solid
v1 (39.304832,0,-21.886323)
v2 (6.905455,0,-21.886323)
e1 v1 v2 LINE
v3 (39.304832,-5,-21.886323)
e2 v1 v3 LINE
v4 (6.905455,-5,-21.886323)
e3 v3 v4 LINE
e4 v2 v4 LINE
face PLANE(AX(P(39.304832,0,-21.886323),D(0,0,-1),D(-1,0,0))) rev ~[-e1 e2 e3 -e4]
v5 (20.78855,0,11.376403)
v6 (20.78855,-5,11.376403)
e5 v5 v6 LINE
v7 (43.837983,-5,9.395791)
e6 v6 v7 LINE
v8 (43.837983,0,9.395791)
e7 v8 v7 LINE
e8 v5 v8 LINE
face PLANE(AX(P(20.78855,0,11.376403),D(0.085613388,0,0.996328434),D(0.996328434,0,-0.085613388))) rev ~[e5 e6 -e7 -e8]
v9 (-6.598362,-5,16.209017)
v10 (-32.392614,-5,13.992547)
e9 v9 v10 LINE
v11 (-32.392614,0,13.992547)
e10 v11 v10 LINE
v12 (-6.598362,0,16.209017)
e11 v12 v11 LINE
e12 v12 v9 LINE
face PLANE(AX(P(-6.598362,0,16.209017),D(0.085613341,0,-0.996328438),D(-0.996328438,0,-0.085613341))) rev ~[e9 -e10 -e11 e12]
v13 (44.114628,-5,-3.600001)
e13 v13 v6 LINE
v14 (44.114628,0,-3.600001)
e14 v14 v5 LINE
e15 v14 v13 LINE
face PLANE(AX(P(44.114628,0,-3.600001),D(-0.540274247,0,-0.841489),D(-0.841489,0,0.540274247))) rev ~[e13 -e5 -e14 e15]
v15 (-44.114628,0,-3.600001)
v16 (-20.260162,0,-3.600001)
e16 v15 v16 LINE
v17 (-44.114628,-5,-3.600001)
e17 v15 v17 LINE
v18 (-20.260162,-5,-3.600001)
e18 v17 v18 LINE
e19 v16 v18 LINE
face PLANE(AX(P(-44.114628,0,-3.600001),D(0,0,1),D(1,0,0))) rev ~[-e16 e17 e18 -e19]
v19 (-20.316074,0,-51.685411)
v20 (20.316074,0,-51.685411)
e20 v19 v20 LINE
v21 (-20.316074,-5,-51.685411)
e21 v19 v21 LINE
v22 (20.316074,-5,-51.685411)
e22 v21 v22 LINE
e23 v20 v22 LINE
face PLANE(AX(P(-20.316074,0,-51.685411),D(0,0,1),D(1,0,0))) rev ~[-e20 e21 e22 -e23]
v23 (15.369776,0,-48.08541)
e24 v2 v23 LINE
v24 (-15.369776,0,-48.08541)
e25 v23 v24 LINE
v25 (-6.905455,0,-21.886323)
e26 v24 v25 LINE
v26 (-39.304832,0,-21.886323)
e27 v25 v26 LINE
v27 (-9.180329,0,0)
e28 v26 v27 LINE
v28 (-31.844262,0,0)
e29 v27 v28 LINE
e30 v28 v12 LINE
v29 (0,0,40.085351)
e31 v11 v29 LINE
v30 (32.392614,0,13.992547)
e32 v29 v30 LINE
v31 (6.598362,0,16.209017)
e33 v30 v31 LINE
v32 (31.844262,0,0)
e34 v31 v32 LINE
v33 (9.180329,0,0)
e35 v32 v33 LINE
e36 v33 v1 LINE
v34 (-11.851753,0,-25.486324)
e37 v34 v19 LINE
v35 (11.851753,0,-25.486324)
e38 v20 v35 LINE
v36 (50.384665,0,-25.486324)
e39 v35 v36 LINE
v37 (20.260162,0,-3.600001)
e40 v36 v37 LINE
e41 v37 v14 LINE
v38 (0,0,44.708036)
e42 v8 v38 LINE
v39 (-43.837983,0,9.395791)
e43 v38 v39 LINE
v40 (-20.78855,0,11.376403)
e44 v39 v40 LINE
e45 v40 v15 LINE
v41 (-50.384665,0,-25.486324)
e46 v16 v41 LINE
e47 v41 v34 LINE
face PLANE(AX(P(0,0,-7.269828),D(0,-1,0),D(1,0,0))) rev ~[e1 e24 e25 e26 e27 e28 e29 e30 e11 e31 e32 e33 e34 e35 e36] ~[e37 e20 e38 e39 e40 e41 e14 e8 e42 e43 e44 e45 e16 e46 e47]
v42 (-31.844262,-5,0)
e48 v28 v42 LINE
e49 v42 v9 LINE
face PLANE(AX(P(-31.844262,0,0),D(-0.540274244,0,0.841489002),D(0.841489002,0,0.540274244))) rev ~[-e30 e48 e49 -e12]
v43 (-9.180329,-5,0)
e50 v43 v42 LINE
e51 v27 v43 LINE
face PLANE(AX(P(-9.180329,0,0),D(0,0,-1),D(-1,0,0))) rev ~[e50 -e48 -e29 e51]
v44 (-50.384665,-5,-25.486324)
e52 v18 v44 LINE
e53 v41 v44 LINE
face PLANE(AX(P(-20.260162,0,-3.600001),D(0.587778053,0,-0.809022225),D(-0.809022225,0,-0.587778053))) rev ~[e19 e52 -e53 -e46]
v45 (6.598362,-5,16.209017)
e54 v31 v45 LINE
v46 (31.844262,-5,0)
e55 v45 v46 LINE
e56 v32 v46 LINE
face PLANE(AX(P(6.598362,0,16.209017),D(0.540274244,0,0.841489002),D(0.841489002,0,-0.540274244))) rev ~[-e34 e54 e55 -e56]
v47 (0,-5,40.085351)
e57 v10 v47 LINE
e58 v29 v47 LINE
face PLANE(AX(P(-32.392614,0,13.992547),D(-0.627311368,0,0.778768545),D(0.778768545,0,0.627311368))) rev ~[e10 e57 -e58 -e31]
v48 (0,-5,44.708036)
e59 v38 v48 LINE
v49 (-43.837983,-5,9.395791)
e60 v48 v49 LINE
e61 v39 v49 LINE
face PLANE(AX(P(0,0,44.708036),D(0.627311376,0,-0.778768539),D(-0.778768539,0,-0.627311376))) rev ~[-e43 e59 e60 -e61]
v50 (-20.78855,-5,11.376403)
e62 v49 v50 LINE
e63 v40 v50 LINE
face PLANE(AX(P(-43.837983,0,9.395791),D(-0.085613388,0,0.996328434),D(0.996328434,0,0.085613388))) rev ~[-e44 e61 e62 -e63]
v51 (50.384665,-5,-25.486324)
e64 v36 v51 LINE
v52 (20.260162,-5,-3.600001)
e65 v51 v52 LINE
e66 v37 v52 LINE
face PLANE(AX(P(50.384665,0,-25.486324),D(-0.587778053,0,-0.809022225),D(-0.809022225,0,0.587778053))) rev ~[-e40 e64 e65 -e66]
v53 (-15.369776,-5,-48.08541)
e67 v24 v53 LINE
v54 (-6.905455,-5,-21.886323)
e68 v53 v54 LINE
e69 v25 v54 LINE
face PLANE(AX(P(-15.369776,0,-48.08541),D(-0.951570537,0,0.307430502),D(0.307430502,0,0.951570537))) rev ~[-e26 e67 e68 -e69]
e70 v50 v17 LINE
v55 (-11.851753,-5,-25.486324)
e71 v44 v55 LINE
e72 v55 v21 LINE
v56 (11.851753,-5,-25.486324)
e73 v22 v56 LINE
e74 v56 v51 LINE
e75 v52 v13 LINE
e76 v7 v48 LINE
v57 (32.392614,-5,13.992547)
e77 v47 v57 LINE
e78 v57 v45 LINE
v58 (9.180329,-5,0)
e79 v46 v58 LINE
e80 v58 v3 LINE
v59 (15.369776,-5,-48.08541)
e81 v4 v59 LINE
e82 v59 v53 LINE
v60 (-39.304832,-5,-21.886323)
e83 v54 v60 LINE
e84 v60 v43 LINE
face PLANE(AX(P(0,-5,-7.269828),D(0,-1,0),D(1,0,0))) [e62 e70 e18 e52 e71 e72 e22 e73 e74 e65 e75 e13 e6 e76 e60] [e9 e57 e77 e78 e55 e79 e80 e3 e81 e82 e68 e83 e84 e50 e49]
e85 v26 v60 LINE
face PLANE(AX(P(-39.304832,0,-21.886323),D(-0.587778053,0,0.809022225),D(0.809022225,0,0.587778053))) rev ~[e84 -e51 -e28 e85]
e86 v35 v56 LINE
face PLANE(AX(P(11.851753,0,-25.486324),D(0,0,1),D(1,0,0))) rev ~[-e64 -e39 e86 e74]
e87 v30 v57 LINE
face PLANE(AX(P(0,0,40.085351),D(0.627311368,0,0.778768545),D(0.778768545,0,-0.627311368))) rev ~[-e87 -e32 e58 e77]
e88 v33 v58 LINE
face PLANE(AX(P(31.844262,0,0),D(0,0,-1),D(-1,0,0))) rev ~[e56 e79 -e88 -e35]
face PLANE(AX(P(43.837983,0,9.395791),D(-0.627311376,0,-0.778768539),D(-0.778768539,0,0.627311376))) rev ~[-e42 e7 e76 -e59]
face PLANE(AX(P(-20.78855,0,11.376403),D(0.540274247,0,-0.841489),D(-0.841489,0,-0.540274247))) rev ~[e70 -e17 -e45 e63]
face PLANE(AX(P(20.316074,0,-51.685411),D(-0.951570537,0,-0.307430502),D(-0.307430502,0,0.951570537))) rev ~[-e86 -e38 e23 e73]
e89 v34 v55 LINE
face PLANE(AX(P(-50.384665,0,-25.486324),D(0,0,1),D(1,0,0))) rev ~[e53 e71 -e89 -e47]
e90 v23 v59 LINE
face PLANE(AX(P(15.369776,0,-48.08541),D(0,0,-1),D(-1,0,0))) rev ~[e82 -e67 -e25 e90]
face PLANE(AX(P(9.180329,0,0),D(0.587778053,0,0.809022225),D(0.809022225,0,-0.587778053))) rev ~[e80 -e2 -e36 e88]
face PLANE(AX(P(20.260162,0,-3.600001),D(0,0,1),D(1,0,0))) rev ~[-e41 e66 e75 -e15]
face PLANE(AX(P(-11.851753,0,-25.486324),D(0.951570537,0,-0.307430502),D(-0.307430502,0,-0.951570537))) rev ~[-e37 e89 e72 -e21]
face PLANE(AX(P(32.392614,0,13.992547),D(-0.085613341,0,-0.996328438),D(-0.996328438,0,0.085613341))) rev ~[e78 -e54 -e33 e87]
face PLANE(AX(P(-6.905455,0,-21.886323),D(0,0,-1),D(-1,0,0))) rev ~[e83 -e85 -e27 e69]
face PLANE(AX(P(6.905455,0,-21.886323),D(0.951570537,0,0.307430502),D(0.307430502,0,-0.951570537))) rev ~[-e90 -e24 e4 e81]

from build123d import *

# Parameters (mm, degrees)
F1_DEPTH = 5


with BuildPart() as f1:
    # F0 (on Front) → F1 (new body)
    with BuildSketch(Plane.XZ):
        Polygon((0, 44.708036), (-43.837983, 9.395791), (-20.78855, 11.376403), (-44.114628, -3.600001), (-20.260162, -3.600001), (-50.384665, -25.486324), (-11.851753, -25.486324), (-20.316074, -51.685411), (0, -51.685411), (20.316074, -51.685411), (11.851753, -25.486324), (50.384665, -25.486324), (20.260162, -3.600001), (44.114628, -3.600001), (20.78855, 11.376403), (43.837983, 9.395791), align=None)
        Polygon((15.369776, -48.08541), (0, -48.08541), (-15.369776, -48.08541), (-6.905455, -21.886323), (-39.304832, -21.886323), (-9.180329, 0), (-31.844262, 0), (-6.598362, 16.209017), (-32.392614, 13.992547), (0, 40.085351), (32.392614, 13.992547), (6.598362, 16.209017), (31.844262, 0), (9.180329, 0), (39.304832, -21.886323), (6.905455, -21.886323), align=None, mode=Mode.SUBTRACT)
    extrude(amount=F1_DEPTH)


solid = f1.part
